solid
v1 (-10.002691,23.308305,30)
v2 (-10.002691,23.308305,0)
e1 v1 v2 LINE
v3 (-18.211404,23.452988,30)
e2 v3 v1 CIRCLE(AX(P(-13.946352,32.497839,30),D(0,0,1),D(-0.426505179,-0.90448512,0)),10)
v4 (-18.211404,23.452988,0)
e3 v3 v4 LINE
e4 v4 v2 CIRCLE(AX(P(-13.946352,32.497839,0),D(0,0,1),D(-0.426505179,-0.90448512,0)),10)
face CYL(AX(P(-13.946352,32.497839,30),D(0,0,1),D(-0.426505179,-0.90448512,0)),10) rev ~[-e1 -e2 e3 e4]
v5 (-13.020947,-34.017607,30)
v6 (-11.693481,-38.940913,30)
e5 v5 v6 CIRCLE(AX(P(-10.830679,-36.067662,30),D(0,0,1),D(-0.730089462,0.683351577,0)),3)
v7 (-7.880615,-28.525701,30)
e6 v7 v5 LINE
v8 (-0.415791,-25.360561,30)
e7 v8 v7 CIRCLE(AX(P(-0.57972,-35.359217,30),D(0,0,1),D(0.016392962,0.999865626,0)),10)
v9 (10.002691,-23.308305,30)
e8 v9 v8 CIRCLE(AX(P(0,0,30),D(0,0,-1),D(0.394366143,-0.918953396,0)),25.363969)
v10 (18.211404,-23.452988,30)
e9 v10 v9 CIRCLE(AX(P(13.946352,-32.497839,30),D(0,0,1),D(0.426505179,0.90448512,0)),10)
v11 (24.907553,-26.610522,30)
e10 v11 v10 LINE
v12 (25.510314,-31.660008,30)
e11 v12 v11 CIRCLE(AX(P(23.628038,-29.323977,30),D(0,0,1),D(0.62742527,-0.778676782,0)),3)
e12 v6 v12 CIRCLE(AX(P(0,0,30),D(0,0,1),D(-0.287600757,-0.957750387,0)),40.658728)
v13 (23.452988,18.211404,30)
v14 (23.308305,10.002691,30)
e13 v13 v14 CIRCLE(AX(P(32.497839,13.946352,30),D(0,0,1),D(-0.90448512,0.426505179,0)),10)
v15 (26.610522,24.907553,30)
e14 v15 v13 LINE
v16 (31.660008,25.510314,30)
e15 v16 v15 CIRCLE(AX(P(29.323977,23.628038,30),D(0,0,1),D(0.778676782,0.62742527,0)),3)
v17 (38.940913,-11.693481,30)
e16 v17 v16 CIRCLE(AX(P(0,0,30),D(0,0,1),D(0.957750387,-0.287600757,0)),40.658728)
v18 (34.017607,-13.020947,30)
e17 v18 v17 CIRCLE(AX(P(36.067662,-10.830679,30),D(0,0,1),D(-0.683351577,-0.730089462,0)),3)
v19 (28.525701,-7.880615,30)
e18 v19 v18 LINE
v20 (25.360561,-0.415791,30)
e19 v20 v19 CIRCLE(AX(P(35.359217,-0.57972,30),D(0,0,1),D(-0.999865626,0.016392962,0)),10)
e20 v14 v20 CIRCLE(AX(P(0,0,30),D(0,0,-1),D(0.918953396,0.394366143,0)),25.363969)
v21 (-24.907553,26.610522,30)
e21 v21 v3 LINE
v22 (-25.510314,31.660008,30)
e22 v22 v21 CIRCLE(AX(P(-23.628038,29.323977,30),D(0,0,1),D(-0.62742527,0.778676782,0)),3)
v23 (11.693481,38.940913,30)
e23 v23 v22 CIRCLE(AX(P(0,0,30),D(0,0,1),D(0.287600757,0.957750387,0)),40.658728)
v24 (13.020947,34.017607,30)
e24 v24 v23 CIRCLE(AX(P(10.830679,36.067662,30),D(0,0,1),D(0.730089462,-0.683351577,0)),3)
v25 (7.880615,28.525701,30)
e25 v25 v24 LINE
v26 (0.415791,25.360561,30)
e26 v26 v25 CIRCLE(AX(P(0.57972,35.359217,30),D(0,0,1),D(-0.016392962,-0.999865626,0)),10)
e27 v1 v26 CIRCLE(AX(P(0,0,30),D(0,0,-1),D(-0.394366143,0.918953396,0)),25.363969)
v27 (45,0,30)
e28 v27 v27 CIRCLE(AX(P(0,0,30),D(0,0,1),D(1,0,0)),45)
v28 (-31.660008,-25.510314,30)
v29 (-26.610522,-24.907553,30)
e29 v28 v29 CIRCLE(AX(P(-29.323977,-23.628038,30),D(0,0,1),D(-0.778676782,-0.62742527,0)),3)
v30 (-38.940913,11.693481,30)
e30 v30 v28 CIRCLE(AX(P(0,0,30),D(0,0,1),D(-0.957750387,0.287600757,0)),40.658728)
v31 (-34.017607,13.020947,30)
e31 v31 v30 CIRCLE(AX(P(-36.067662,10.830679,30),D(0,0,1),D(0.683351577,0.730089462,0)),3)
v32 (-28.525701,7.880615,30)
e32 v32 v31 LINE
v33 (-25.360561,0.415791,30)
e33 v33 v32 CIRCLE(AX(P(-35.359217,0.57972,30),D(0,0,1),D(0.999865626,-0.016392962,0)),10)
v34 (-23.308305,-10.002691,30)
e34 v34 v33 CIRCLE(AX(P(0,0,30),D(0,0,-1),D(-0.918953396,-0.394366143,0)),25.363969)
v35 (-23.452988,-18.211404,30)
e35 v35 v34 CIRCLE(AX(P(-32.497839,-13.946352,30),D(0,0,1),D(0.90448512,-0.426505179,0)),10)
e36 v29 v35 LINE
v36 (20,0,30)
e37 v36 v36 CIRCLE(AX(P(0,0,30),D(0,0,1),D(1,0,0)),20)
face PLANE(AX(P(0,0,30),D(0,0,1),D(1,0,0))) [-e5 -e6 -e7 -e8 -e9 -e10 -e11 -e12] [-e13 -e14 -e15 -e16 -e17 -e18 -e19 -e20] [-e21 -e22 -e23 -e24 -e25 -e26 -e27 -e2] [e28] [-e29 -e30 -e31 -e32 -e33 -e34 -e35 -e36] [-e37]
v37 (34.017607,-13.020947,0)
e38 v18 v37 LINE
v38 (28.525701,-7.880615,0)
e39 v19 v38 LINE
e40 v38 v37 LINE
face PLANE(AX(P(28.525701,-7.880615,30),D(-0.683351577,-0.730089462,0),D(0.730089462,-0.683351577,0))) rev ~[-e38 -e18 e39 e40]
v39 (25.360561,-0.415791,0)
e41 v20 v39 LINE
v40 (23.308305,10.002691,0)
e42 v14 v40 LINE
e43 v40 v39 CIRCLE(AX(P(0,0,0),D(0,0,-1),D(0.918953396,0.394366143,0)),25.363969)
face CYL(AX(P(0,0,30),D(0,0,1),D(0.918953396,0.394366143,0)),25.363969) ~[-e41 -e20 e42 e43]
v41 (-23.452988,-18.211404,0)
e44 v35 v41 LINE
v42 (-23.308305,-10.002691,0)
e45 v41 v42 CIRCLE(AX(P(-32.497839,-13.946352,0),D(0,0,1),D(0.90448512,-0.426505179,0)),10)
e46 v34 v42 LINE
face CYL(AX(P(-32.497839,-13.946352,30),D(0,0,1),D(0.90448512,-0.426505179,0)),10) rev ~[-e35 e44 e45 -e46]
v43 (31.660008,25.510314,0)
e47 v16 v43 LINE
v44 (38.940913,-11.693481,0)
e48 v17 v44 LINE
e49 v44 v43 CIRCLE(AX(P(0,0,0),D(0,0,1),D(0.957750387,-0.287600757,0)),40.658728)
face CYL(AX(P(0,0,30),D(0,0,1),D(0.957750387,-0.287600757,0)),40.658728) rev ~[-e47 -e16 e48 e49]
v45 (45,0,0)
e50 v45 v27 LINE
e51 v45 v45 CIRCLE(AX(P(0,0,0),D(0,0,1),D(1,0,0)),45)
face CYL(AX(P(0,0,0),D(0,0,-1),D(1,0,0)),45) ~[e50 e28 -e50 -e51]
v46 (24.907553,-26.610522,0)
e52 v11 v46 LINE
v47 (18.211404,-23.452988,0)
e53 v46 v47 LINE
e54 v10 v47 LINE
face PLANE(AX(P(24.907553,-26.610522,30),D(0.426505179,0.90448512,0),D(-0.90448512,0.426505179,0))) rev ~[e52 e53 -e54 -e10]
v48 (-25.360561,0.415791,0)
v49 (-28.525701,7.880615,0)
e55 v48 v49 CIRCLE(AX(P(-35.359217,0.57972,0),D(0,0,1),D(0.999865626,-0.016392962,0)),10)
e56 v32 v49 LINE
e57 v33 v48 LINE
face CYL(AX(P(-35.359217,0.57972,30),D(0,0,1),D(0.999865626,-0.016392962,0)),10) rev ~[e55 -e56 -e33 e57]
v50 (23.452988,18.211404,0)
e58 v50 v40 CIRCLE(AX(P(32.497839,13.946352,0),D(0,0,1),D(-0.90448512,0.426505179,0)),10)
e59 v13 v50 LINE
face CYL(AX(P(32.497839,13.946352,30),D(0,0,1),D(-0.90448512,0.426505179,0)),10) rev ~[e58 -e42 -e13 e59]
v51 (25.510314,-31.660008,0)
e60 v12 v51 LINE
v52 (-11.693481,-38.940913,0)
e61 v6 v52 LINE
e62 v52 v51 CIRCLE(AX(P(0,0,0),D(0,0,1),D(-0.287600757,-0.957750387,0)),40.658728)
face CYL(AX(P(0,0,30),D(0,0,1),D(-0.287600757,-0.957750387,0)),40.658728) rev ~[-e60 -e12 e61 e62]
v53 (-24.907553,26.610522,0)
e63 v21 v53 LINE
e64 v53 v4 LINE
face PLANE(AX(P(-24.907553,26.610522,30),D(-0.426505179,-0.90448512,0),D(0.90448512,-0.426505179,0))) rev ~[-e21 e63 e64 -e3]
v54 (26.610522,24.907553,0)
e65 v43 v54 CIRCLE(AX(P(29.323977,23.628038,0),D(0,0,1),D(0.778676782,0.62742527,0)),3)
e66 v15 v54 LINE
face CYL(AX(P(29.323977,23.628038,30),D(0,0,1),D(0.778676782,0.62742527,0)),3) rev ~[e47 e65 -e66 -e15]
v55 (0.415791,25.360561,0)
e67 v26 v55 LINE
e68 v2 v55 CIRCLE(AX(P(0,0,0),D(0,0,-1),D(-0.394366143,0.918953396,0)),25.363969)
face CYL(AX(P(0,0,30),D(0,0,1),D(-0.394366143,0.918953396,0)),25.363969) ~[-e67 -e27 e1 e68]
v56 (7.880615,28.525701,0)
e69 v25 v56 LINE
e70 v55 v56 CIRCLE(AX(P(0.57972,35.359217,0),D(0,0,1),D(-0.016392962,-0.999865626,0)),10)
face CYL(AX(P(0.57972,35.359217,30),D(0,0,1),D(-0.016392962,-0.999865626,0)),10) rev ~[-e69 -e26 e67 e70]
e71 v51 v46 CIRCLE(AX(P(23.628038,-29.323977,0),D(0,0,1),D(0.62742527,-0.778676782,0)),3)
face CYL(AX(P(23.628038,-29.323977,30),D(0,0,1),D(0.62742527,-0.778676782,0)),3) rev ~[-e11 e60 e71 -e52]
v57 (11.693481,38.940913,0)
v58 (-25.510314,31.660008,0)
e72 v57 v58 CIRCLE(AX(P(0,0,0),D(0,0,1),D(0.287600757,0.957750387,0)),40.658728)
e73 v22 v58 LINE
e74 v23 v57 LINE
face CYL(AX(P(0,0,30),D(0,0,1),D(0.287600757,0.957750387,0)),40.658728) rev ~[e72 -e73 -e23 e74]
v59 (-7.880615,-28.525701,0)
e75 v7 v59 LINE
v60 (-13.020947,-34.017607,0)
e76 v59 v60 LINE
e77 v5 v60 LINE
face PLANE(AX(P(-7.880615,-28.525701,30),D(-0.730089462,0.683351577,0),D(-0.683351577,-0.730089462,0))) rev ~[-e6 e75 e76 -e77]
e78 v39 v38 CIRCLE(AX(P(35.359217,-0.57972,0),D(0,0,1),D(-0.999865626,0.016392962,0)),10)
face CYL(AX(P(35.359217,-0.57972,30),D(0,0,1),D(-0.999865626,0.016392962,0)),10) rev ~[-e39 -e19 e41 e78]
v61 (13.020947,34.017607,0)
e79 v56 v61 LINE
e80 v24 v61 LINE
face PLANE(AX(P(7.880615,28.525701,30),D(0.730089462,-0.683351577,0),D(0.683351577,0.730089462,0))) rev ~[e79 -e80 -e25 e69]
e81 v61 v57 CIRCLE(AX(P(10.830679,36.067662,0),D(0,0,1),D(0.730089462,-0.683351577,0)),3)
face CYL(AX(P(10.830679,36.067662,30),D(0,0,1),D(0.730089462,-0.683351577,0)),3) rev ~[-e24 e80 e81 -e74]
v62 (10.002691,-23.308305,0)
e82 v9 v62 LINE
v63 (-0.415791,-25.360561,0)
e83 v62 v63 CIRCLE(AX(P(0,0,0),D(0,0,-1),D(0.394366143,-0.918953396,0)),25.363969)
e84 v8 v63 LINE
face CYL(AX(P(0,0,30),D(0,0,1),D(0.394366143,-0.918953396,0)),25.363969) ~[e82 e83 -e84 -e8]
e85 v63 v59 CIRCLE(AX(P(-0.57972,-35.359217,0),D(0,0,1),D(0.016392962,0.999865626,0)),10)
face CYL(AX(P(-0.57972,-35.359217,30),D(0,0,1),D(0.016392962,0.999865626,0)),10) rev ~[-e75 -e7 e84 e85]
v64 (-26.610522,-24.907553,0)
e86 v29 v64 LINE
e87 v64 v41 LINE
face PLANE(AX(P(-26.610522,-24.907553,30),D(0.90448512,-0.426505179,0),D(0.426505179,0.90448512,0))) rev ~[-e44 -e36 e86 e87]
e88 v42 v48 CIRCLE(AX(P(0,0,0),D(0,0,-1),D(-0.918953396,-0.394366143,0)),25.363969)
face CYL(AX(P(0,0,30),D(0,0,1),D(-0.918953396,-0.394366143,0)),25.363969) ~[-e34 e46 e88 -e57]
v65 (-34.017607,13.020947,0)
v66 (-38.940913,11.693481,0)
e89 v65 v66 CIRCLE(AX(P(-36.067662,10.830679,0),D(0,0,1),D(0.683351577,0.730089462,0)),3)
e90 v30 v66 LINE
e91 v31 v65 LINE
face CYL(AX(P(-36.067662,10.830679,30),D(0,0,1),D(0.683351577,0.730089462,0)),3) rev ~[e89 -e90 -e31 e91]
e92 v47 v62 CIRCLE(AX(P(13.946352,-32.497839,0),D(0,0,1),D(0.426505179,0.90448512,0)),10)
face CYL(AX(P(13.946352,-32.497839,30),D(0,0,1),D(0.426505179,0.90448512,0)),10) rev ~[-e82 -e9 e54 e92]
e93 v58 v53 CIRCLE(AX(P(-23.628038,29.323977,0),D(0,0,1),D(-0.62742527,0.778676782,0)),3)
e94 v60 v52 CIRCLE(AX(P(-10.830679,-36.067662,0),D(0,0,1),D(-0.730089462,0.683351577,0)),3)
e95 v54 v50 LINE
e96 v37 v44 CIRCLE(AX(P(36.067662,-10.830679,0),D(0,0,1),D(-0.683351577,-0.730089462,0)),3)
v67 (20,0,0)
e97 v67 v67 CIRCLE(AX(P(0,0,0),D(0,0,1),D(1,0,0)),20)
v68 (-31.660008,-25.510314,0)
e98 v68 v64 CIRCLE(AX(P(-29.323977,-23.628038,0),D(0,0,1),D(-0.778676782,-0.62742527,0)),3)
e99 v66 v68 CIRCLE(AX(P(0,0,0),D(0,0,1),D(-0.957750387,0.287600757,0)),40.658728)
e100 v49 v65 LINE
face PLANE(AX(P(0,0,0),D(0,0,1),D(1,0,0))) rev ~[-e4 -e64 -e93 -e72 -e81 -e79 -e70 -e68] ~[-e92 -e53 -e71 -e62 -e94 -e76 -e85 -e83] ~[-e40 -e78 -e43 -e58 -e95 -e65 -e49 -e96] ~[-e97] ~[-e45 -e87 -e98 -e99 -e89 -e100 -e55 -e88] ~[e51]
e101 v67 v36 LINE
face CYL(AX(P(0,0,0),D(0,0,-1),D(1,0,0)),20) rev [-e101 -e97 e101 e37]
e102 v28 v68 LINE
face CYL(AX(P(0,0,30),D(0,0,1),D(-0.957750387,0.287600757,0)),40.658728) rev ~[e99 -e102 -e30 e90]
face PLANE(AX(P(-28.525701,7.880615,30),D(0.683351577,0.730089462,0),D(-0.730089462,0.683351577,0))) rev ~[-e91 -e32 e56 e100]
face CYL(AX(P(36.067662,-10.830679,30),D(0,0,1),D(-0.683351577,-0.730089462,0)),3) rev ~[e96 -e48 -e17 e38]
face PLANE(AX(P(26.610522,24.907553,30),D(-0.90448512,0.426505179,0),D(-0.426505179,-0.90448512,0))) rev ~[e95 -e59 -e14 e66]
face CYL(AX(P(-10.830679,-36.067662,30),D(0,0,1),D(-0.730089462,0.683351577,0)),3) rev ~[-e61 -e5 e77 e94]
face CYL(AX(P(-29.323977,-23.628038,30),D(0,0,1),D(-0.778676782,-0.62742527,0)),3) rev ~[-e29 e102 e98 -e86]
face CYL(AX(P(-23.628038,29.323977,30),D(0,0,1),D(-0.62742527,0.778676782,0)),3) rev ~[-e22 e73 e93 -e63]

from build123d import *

# Parameters (mm, degrees)
SKETCH1_R           = 45
SKETCH1_R_2         = 20
BOSS_EXTRUDE1_DEPTH = 30
CUT_EXTRUDE1_DEPTH  = 30


with BuildPart() as part:
    # Sketch1 → Boss-Extrude1 (new body)
    with BuildSketch(Plane.XY):
        Circle(SKETCH1_R)
        Circle(SKETCH1_R_2, mode=Mode.SUBTRACT)
    extrude(amount=BOSS_EXTRUDE1_DEPTH)

    # Sketch2 → Cut-Extrude1 (cut)
    with BuildSketch(Plane.XY.offset(30)):
        with BuildLine():
            Line((-24.907553239, 26.610521963), (-18.211403795, 23.452988079))
            ThreePointArc((-18.211403795, 23.452988079), (-14.122579745, 22.499392212), (-10.002690574, 23.308305316))
            ThreePointArc((-10.002690574, 23.308305316), (-4.902050675, 24.885755255), (0.415790578, 25.360560594))
            ThreePointArc((0.415790578, 25.360560594), (4.483384622, 26.152621175), (7.880614817, 28.525701089))
            Line((7.880614817, 28.525701089), (13.020947118, 34.017606823))
            ThreePointArc((13.020947118, 34.017606823), (13.72723623, 36.848657497), (11.693481002, 38.940912716))
            ThreePointArc((11.693481002, 38.940912716), (-7.808912198, 39.901792835), (-25.510313511, 31.660007671))
            ThreePointArc((-25.510313511, 31.660007671), (-26.606889428, 28.968389927), (-24.907553239, 26.610521963))
        make_face()
        with BuildLine():
            Line((28.525701089, -7.880614817), (34.017606823, -13.020947118))
            ThreePointArc((34.017606823, -13.020947118), (36.848657497, -13.72723623), (38.940912716, -11.693481002))
            ThreePointArc((38.940912716, -11.693481002), (39.901792835, 7.808912198), (31.660007671, 25.510313511))
            ThreePointArc((31.660007671, 25.510313511), (28.968389927, 26.606889428), (26.610521963, 24.907553239))
            Line((26.610521963, 24.907553239), (23.452988079, 18.211403795))
            ThreePointArc((23.452988079, 18.211403795), (22.499392212, 14.122579745), (23.308305316, 10.002690574))
            ThreePointArc((23.308305316, 10.002690574), (24.885755255, 4.902050675), (25.360560594, -0.415790578))
            ThreePointArc((25.360560594, -0.415790578), (26.152621175, -4.483384622), (28.525701089, -7.880614817))
        make_face()
        with BuildLine():
            Line((-7.880614817, -28.525701089), (-13.020947118, -34.017606823))
            ThreePointArc((-13.020947118, -34.017606823), (-13.72723623, -36.848657497), (-11.693481002, -38.940912716))
            ThreePointArc((-11.693481002, -38.940912716), (7.808912198, -39.901792835), (25.510313511, -31.660007671))
            ThreePointArc((25.510313511, -31.660007671), (26.606889428, -28.968389927), (24.907553239, -26.610521963))
            Line((24.907553239, -26.610521963), (18.211403795, -23.452988079))
            ThreePointArc((18.211403795, -23.452988079), (14.122579745, -22.499392212), (10.002690574, -23.308305316))
            ThreePointArc((10.002690574, -23.308305316), (4.902050675, -24.885755255), (-0.415790578, -25.360560594))
            ThreePointArc((-0.415790578, -25.360560594), (-4.483384622, -26.152621175), (-7.880614817, -28.525701089))
        make_face()
        with BuildLine():
            Line((-28.525701089, 7.880614817), (-34.017606823, 13.020947118))
            ThreePointArc((-34.017606823, 13.020947118), (-36.848657497, 13.72723623), (-38.940912716, 11.693481002))
            ThreePointArc((-38.940912716, 11.693481002), (-39.901792835, -7.808912198), (-31.660007671, -25.510313511))
            ThreePointArc((-31.660007671, -25.510313511), (-28.968389927, -26.606889428), (-26.610521963, -24.907553239))
            Line((-26.610521963, -24.907553239), (-23.452988079, -18.211403795))
            ThreePointArc((-23.452988079, -18.211403795), (-22.499392212, -14.122579745), (-23.308305316, -10.002690574))
            ThreePointArc((-23.308305316, -10.002690574), (-24.885755255, -4.902050675), (-25.360560594, 0.415790578))
            ThreePointArc((-25.360560594, 0.415790578), (-26.152621175, 4.483384622), (-28.525701089, 7.880614817))
        make_face()
    extrude(amount=-CUT_EXTRUDE1_DEPTH, mode=Mode.SUBTRACT)


solid = part.part
